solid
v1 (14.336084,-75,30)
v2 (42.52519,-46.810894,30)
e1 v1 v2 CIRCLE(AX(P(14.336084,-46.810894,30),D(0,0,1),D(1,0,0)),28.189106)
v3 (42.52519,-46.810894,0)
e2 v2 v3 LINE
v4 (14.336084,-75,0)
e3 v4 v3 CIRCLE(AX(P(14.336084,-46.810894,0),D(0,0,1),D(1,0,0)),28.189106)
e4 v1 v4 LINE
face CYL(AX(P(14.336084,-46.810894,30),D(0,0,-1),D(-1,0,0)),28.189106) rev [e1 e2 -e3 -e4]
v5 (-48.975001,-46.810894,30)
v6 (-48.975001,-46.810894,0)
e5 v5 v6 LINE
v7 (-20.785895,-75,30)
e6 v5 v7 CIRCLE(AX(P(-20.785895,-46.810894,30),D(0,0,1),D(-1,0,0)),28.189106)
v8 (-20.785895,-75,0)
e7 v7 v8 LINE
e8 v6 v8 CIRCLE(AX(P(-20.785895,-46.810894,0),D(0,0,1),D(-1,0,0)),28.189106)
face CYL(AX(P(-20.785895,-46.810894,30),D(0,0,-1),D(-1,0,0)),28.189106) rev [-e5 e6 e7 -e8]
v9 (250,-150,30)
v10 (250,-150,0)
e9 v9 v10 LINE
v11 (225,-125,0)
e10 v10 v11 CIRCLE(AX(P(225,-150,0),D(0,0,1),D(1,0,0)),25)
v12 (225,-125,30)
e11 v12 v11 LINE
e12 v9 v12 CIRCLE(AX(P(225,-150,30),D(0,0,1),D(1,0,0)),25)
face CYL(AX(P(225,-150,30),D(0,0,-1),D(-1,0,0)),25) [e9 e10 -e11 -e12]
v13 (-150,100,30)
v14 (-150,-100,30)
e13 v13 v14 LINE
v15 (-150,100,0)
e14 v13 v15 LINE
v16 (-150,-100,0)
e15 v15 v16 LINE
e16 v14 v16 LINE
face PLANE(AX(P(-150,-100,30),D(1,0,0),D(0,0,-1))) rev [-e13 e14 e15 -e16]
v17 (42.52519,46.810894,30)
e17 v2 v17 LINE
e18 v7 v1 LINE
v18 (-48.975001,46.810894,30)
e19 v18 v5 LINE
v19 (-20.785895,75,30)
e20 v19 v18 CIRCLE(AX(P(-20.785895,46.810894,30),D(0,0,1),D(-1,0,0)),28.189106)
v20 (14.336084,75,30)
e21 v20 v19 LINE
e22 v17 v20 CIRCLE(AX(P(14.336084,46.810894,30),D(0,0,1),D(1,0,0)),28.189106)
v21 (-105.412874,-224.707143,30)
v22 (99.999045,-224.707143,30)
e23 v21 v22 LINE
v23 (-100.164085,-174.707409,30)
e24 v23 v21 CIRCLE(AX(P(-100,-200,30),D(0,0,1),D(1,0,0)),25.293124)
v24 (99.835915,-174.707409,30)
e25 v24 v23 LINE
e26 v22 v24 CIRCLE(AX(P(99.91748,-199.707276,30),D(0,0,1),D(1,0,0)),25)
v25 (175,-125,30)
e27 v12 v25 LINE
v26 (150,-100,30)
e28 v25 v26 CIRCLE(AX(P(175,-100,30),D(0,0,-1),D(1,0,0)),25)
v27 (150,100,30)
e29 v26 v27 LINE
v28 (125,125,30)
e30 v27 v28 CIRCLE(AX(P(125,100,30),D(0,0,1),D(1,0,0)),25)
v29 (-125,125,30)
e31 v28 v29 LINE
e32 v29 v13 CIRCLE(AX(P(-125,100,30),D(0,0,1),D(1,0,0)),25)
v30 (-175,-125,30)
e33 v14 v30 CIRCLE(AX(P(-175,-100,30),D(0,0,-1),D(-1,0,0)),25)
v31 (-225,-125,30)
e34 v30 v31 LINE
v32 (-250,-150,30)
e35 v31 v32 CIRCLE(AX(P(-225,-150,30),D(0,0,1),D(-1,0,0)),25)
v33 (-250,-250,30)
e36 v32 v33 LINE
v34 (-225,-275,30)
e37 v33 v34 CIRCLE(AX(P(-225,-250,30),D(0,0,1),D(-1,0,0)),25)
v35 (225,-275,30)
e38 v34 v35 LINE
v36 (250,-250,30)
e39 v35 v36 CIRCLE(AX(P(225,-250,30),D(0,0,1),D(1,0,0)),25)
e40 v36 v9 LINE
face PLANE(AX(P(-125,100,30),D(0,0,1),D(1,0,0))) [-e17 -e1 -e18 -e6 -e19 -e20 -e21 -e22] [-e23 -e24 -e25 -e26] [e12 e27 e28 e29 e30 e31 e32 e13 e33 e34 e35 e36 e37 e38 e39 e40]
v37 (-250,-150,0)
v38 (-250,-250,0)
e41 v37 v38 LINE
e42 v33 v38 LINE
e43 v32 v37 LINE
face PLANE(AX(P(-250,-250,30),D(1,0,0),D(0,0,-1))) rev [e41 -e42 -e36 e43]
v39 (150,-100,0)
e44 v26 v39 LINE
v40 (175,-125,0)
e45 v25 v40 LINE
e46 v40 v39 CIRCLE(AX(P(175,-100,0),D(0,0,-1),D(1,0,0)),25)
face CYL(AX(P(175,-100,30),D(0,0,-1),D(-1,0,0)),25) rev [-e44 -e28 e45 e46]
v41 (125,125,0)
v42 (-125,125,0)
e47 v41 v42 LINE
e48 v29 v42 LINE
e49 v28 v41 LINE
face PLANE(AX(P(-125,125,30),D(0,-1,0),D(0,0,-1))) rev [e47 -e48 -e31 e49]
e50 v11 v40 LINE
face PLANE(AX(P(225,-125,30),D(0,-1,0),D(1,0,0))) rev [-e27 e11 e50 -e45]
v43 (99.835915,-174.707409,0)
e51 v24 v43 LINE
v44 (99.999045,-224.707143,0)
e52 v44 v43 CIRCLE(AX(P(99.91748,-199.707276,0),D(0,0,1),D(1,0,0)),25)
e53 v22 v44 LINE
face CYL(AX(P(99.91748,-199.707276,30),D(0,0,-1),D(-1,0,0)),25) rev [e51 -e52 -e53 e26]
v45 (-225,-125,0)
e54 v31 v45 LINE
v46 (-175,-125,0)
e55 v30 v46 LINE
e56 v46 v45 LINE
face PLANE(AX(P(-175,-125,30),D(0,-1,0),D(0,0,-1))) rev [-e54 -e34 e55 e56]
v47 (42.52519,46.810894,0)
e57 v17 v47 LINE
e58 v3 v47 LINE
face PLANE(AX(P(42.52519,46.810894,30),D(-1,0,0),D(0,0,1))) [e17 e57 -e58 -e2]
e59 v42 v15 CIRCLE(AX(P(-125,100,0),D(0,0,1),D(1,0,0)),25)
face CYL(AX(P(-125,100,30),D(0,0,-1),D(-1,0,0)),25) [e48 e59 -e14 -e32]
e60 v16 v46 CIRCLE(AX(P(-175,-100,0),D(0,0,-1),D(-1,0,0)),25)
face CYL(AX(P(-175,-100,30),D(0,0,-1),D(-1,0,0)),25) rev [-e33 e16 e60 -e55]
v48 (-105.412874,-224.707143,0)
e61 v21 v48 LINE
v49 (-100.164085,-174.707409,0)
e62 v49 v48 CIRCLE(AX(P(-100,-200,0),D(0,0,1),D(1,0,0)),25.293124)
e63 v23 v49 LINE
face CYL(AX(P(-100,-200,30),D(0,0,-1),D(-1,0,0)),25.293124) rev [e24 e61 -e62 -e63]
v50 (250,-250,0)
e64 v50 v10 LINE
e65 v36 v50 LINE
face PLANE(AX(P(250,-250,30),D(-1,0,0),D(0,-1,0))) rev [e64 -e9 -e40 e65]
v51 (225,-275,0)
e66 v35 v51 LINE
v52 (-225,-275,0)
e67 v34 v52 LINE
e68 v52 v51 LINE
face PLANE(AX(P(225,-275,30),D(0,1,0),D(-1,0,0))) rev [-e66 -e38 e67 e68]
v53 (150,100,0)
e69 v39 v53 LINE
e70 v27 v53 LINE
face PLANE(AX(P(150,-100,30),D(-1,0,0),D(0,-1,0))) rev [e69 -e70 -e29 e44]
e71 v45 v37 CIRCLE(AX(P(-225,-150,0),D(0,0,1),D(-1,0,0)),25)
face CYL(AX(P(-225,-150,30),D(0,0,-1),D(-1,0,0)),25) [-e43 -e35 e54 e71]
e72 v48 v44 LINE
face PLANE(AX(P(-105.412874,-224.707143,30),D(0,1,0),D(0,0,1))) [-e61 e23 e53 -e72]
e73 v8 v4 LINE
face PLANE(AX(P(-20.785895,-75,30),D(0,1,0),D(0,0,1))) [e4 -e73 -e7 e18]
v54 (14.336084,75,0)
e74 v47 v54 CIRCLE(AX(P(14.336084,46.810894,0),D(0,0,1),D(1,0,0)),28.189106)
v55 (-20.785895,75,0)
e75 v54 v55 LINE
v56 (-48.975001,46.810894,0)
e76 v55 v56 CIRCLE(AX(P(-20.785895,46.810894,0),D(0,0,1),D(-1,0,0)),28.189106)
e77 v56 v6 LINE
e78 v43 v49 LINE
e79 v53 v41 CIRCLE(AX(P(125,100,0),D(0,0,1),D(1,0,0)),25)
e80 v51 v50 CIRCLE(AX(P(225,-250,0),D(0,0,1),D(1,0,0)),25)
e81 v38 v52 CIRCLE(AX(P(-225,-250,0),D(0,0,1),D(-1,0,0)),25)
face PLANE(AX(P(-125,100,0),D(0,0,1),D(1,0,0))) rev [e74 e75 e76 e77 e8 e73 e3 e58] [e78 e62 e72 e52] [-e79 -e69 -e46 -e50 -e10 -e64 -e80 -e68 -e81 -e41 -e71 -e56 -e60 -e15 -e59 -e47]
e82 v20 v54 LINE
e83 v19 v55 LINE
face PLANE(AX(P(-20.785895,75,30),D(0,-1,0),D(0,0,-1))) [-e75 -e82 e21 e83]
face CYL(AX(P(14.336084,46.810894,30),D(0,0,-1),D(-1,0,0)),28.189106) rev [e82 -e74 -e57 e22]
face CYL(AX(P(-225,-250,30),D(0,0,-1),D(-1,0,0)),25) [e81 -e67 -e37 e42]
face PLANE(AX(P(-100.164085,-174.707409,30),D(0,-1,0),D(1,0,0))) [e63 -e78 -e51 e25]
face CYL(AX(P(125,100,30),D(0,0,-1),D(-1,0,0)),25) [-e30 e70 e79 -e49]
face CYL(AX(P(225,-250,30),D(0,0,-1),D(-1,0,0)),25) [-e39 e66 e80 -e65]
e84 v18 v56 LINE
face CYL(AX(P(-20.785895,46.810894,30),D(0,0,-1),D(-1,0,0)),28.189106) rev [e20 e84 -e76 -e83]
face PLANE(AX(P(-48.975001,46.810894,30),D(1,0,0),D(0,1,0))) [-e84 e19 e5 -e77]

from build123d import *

# Parameters (mm, degrees)
BOSS_EXTRUDE1_DEPTH = 30


with BuildPart() as part:
    # Sketch1 → Boss-Extrude1 (new body)
    with BuildSketch(Plane.XY):
        with BuildLine():
            Line((-175, -125), (-225, -125))
            ThreePointArc((-225, -125), (-242.67766953, -132.32233047), (-250, -150))
            Line((-250, -150), (-250, -250))
            ThreePointArc((-250, -250), (-242.67766953, -267.67766953), (-225, -275))
            Line((-225, -275), (225, -275))
            ThreePointArc((225, -275), (242.67766953, -267.67766953), (250, -250))
            Line((250, -250), (250, -150))
            ThreePointArc((250, -150), (242.67766953, -132.32233047), (225, -125))
            Line((225, -125), (175, -125))
            ThreePointArc((175, -125), (157.32233047, -117.67766953), (150, -100))
            Line((150, -100), (150, 100))
            ThreePointArc((150, 100), (142.67766953, 117.67766953), (125, 125))
            Line((125, 125), (-125, 125))
            ThreePointArc((-125, 125), (-142.67766953, 117.67766953), (-150, 100))
            Line((-150, 100), (-150, -100))
            ThreePointArc((-150, -100), (-157.32233047, -117.67766953), (-175, -125))
        make_face()
        with BuildLine():
            Line((-20.785894669, 75), (14.336083622, 75))
            ThreePointArc((14.336083622, 75), (34.268791925, 66.743601886), (42.525190039, 46.810893583))
            Line((42.525190039, 46.810893583), (42.525190039, -46.810893583))
            ThreePointArc((42.525190039, -46.810893583), (34.268791925, -66.743601886), (14.336083622, -75))
            Line((14.336083622, -75), (-20.785894669, -75))
            ThreePointArc((-20.785894669, -75), (-40.718602973, -66.743601886), (-48.975001087, -46.810893583))
            Line((-48.975001087, -46.810893583), (-48.975001087, 46.810893583))
            ThreePointArc((-48.975001087, 46.810893583), (-40.718602973, 66.743601886), (-20.785894669, 75))
        make_face(mode=Mode.SUBTRACT)
        with BuildLine():
            Line((-100.16408543, -174.707408676), (99.83591457, -174.707408676))
            ThreePointArc((99.83591457, -174.707408676), (124.917346487, -199.625710645), (99.999044519, -224.707142562))
            Line((99.999044519, -224.707142562), (-105.412874128, -224.707142562))
            ThreePointArc((-105.412874128, -224.707142562), (-125.154899456, -197.359330907), (-100.16408543, -174.707408676))
        make_face(mode=Mode.SUBTRACT)
    extrude(amount=BOSS_EXTRUDE1_DEPTH)


solid = part.part
